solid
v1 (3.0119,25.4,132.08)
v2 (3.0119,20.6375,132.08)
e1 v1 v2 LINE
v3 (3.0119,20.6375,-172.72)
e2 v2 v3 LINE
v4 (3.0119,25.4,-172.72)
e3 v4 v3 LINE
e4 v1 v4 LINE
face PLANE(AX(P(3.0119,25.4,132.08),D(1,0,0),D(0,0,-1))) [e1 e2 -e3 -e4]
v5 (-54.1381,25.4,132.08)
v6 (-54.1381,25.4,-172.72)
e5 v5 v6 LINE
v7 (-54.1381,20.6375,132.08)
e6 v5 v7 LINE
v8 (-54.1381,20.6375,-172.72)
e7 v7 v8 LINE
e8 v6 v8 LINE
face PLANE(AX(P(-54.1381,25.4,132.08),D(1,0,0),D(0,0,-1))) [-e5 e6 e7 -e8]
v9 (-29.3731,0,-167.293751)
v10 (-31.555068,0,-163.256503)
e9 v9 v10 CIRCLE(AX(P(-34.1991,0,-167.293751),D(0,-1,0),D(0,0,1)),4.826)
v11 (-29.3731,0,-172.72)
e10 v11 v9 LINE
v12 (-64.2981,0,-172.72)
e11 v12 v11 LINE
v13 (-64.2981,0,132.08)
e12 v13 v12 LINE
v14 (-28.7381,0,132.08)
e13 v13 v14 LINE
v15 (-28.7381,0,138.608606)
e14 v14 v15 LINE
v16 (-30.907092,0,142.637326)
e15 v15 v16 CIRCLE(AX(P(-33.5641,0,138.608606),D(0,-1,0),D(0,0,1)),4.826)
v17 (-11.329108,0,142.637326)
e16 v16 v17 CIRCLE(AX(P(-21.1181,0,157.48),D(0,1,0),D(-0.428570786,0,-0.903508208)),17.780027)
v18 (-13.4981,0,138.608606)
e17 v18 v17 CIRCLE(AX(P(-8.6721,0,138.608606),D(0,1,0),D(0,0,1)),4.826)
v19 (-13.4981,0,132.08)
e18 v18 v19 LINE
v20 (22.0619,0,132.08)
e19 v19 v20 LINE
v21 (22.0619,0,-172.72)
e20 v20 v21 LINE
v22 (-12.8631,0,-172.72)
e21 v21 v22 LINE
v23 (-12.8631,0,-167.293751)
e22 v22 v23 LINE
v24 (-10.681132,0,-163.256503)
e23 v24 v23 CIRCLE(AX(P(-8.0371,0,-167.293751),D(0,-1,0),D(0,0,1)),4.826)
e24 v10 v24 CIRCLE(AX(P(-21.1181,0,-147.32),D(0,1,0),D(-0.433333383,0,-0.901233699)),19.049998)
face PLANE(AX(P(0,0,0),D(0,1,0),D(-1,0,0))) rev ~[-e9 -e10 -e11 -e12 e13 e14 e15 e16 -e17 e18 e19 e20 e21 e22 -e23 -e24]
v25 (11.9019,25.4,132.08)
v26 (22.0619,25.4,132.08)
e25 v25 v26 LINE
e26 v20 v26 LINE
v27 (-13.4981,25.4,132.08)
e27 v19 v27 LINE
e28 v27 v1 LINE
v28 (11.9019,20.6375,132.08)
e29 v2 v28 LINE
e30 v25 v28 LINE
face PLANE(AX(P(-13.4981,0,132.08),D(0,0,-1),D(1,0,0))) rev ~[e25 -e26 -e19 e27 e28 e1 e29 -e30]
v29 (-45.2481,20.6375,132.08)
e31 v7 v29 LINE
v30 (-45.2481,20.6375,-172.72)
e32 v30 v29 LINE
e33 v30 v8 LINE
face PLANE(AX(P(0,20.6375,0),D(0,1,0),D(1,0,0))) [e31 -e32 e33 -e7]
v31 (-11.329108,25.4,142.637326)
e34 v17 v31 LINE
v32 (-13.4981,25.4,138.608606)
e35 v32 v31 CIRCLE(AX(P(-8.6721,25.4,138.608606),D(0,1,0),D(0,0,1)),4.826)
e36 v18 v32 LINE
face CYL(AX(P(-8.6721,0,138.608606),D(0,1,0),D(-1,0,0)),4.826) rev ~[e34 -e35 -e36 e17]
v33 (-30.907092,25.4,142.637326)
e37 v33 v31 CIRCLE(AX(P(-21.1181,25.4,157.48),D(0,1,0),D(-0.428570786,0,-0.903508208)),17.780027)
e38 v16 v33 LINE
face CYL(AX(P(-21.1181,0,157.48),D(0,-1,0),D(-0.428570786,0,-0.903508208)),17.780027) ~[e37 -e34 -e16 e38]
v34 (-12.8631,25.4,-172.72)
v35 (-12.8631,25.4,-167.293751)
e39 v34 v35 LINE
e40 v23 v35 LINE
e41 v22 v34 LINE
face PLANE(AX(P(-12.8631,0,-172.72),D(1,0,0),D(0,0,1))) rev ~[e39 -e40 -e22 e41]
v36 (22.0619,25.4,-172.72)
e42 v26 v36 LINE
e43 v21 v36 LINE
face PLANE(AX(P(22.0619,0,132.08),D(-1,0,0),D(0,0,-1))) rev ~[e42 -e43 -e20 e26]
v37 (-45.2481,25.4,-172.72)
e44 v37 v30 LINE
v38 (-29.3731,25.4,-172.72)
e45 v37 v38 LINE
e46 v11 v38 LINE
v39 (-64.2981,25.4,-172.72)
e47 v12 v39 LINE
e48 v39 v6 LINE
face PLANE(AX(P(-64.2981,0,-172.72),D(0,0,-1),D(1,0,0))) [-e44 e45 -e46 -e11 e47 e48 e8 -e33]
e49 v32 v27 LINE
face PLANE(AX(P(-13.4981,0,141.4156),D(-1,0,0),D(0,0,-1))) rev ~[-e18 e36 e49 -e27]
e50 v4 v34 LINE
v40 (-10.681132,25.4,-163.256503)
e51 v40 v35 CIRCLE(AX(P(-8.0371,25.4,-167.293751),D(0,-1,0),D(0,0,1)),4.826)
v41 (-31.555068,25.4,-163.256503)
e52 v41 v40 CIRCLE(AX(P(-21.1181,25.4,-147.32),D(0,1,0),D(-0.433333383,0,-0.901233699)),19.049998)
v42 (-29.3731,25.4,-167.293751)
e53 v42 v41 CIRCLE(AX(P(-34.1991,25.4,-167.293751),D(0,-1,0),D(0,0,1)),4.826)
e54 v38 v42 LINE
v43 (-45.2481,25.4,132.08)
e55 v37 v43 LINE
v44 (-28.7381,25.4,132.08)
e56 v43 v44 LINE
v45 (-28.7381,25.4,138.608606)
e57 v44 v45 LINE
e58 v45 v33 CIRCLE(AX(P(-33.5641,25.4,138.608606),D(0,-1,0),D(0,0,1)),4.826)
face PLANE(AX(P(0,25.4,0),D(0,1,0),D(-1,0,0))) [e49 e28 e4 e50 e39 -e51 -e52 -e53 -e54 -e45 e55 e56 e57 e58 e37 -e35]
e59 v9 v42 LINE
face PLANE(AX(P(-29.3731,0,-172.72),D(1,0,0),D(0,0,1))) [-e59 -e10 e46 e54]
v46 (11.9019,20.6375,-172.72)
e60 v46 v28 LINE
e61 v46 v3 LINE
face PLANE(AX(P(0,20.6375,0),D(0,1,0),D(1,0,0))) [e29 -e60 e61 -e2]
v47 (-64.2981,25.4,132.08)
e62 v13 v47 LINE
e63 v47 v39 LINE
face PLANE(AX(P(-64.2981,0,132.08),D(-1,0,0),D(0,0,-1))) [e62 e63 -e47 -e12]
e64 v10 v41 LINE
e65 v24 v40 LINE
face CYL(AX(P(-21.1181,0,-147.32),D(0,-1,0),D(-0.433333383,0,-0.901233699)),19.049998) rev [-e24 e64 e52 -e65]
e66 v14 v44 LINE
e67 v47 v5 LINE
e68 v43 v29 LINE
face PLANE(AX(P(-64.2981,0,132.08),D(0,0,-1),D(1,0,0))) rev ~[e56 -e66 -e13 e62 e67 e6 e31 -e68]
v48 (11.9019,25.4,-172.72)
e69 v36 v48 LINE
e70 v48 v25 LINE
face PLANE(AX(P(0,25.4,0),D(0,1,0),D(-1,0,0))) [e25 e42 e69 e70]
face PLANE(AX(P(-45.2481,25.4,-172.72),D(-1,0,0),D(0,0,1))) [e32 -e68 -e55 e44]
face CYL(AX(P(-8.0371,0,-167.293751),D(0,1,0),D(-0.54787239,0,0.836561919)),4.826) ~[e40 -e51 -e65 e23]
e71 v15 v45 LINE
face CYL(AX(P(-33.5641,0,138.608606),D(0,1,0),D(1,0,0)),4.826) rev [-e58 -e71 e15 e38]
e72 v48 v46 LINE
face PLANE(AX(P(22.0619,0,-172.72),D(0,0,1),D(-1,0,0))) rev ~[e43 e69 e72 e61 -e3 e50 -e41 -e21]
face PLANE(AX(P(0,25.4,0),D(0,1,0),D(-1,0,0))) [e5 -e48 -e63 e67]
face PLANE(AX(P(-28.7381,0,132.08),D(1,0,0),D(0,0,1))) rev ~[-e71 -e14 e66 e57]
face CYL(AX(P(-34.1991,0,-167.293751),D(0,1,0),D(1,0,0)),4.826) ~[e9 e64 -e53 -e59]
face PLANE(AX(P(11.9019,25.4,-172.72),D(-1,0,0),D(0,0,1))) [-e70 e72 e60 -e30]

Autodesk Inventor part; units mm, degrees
ref_plane "YZ Plane" through (0, 0, 0) normal (1, 0, 0) x (0, 1, 0)
ref_plane "XZ Plane" through (0, 0, 0) normal (0, 1, 0) x (-1, 0, 0)
ref_plane "XY Plane" through (0, 0, 0) normal (0, 0, 1) x (1, 0, 0)
sketch "Sketch1" plane through (0, 0, 0) normal (0, 1, 0) x (-1, 0, 0)
  line L0 (64.2981, 132.08) -> (64.2981, -172.72)
  line L1 (64.2981, -172.72) -> (29.3731, -172.72)
  line L2 (29.3731, -172.72) -> (29.3731, -164.4885)
  line L3 (64.2981, 132.08) -> (28.7381, 132.08)
  line L4 (28.7381, 132.08) -> (28.7381, 141.4156)
  line L5 (13.4981, 141.4156) -> (13.4981, 132.08)
  line L6 (13.4981, 132.08) -> (-22.0619, 132.08)
  line L7 (-22.0619, 132.08) -> (-22.0619, -172.72)
  line L8 (-22.0619, -172.72) -> (12.8631, -172.72)
  line L9 (12.8631, -172.72) -> (12.8631, -164.4885)
  arc A0 (28.7381, 141.4156) -> (13.4981, 141.4156) centre (21.1181, 157.48) ccw
  arc A1 (29.3731, -164.4885) -> (12.8631, -164.4885) centre (21.1181, -147.32) ccw
  point P0 (0, 0)
  dimension "d0" = 86.36
  dimension "d1" = 19.05
  dimension "d2" = 17.78
  dimension "d3" = 25.4
  dimension "d4" = 25.4
  dimension "d5" = 304.8
  dimension "d6" = 304.8
  dimension "d7" = 0
  dimension "d8" = 34.925
  dimension "d9" = 51.435
  dimension "d10" = 43.18
  dimension "d13" = 43.18
  dimension "d16" = 15.24
  dimension "d17" = 7.62
extrude "Extrusion1" add sketch "Sketch1" along normal blind 25.4
sketch "Sketch2" plane through (0, 25.4, 0) normal (0, 1, 0) x (1, 0, 0)
  line L0 (-64.2981, -132.08) -> (-28.7381, -132.08) projected
  line L1 (-13.4981, -132.08) -> (22.0619, -132.08) projected
  line L2 (-29.3731, 172.72) -> (-64.2981, 172.72) projected
  line L3 (22.0619, 172.72) -> (-12.8631, 172.72) projected
  line L4 (-64.2981, 172.72) -> (-64.2981, -132.08) projected
  line L5 (22.0619, -132.08) -> (22.0619, 172.72) projected
  line L6 (-54.1381, -132.08) -> (-54.1381, 172.72)
  line L7 (-64.2981, 172.72) -> (-29.3731, 172.72) projected
  line L8 (-45.2481, 172.72) -> (-45.2481, -132.08)
  line L9 (-54.1381, -132.08) -> (-45.2481, -132.08)
  line L10 (-54.1381, 172.72) -> (-45.2481, 172.72)
  line L11 (3.0119, -132.08) -> (3.0119, 172.72)
  line L12 (11.9019, 172.72) -> (11.9019, -132.08)
  line L13 (3.0119, -132.08) -> (11.9019, -132.08)
  line L14 (3.0119, 172.72) -> (11.9019, 172.72)
  point P0 (0, 0)
  dimension "d21" = 10.16
  dimension "d22" = 19.05
  dimension "d23" = 67.31
  dimension "d24" = 76.2
extrude "Extrusion2" cut sketch "Sketch2" against normal blind 4.7625 contours L6 L2 L8 L0 | L11 L3 L12 L1
fillet "Fillet1" radius 4.826 4 edges at (-28.7381, 12.7, 141.4156) (-13.4981, 12.7, 141.4156) (-29.3731, 12.7, -164.4885) (-12.8631, 12.7, -164.4885)
properties part number "Straight Track"
